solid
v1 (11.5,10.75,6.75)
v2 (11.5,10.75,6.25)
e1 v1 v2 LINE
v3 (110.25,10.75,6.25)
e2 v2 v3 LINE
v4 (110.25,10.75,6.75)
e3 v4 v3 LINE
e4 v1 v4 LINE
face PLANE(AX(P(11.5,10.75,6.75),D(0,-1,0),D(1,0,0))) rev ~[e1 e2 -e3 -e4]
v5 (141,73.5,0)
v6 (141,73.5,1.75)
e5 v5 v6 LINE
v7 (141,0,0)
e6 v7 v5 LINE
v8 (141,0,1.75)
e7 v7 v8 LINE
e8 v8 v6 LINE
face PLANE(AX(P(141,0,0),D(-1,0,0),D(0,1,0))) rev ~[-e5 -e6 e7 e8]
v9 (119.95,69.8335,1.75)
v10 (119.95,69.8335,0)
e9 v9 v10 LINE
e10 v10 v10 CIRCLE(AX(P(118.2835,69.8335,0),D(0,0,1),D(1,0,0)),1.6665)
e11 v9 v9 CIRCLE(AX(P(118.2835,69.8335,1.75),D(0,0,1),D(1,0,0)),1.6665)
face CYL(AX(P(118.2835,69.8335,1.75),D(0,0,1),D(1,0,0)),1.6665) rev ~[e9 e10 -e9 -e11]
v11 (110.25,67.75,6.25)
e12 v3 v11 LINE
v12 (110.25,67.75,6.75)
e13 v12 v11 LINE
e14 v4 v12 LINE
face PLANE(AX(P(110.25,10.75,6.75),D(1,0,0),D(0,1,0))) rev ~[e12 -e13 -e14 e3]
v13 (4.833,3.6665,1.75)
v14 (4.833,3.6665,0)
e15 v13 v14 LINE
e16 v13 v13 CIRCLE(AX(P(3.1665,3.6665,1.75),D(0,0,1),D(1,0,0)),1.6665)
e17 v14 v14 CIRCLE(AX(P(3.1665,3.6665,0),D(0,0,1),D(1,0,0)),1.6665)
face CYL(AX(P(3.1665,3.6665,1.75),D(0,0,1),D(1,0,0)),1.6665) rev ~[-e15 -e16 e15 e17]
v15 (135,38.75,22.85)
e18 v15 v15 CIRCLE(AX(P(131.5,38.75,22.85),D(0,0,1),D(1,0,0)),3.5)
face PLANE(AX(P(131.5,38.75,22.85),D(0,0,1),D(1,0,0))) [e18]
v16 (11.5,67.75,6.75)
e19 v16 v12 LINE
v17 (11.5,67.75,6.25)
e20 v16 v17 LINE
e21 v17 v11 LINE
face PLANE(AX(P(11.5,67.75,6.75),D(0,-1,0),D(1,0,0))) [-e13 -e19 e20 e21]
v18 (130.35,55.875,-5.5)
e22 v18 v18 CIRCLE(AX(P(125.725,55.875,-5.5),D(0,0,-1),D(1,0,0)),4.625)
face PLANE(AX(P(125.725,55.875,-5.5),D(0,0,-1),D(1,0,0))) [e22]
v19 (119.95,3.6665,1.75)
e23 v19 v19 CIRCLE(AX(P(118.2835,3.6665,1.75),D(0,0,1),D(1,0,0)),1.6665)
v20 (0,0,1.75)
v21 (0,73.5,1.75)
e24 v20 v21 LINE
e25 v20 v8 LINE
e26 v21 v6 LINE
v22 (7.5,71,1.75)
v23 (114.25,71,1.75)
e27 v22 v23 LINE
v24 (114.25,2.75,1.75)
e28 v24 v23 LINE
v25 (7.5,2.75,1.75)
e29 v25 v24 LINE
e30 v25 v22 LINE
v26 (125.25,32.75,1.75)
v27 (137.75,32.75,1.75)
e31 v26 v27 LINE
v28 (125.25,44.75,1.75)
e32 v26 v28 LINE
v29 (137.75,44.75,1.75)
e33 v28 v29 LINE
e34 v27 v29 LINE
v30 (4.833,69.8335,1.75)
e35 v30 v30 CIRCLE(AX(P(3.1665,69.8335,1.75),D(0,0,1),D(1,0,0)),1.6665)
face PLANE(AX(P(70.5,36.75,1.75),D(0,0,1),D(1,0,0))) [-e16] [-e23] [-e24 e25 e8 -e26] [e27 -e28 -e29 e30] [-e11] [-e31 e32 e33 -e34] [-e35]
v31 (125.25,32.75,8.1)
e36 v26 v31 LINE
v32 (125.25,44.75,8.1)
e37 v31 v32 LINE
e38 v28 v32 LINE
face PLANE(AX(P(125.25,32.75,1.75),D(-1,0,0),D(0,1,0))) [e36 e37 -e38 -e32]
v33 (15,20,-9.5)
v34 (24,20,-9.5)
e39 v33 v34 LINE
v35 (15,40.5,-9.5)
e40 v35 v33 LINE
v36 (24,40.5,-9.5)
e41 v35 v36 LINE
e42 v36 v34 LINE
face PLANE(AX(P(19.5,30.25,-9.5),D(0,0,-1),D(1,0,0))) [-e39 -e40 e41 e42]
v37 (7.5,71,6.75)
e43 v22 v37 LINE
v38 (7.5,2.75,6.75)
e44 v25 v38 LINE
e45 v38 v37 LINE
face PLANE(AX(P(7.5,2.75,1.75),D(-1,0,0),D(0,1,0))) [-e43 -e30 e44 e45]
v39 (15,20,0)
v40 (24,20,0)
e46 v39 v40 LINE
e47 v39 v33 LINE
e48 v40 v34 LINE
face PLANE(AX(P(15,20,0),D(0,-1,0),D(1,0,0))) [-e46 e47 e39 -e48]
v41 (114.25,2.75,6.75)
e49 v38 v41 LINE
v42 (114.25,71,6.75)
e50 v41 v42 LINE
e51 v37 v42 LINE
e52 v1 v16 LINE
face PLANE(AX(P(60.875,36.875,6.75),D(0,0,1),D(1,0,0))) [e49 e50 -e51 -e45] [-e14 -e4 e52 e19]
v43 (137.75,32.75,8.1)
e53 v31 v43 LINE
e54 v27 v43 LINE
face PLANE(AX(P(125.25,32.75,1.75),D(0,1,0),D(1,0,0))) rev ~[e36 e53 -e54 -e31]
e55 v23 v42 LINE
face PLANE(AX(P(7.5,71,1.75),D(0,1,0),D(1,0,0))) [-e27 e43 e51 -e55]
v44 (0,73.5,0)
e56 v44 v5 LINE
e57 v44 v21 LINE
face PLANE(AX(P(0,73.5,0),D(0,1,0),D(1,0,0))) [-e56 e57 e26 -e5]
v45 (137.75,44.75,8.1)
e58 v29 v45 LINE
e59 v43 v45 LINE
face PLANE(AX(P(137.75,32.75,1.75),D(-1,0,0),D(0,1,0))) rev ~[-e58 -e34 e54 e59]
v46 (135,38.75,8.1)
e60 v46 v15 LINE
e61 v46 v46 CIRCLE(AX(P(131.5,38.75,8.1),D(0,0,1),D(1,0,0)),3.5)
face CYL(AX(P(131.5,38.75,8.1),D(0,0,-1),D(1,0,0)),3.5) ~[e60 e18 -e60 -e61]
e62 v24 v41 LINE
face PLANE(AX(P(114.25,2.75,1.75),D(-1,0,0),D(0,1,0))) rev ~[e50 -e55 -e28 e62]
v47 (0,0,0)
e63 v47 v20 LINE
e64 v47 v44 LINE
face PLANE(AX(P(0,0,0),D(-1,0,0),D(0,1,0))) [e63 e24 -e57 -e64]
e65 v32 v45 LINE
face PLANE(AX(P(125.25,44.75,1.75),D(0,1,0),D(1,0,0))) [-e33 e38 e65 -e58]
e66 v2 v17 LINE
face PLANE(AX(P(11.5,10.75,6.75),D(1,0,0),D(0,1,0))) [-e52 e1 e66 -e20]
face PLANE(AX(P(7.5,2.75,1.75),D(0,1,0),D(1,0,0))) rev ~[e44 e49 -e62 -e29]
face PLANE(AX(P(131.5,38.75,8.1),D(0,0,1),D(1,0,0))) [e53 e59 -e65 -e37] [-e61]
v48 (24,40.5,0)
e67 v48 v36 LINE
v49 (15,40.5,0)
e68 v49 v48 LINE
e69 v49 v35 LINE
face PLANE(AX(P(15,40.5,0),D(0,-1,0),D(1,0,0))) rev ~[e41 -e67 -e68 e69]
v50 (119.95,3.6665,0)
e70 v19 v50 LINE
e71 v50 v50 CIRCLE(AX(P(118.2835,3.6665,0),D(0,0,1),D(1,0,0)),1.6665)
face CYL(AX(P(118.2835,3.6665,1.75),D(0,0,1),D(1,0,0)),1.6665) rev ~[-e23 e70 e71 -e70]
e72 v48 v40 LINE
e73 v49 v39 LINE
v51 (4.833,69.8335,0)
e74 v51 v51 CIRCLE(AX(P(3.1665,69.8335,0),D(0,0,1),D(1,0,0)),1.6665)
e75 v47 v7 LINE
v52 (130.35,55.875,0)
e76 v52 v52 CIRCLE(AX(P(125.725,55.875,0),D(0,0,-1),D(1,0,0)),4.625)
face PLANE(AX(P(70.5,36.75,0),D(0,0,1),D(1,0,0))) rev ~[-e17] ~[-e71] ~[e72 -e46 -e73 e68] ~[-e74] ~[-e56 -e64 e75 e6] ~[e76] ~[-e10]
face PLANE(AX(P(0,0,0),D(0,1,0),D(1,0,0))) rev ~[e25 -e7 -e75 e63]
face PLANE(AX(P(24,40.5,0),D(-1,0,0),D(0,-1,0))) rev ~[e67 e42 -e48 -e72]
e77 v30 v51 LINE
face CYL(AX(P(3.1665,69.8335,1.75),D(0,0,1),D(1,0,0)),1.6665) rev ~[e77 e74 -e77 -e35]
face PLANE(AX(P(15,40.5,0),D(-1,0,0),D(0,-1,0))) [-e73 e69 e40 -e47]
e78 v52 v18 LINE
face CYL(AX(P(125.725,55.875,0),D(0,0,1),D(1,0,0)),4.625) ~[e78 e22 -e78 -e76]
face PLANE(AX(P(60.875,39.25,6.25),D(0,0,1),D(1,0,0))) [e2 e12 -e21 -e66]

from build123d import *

# Parameters (mm, degrees)
SKETCH_W        = 141
SKETCH_H        = 73.5
PAD_DEPTH       = 1.75
SKETCH001_W     = 106.75
SKETCH001_H     = 68.25
PAD001_DEPTH    = 5
SKETCH002_W     = 98.75
SKETCH002_H     = 57
POCKET_DEPTH    = 0.5
SKETCH003_W     = 12.5
SKETCH003_H     = 12
PAD002_DEPTH    = 6.35
SKETCH004_R     = 3.5
PAD003_DEPTH    = 14.75
SKETCH005_R     = 4.625
PAD004_DEPTH    = 5.5
SKETCH006_W     = 9
SKETCH006_H     = 20.5
PAD005_DEPTH    = 9.5
SKETCH007_R     = 1.6665
POCKET001_DEPTH = 11.251


with BuildPart() as part:
    # Sketch → Pad (new body)
    with BuildSketch(Plane.XY):
        with Locations((70.5, 36.75)):
            Rectangle(SKETCH_W, SKETCH_H)
    extrude(amount=PAD_DEPTH)

    # Sketch001 (on Face6 of Pad) → Pad001 (join)
    with BuildSketch(Plane.XY.offset(1.75)):
        with Locations((60.875, 36.875)):
            Rectangle(SKETCH001_W, SKETCH001_H)
    extrude(amount=PAD001_DEPTH)

    # Sketch002 (on Face11 of Pad001) → Pocket (cut)
    with BuildSketch(Plane.XY.offset(6.75)):
        with Locations((60.875, 39.25)):
            Rectangle(SKETCH002_W, SKETCH002_H)
    extrude(amount=-POCKET_DEPTH, mode=Mode.SUBTRACT)

    # Sketch003 (on Face5 of Pocket) → Pad002 (join)
    with BuildSketch(Plane.XY.offset(1.75)):
        with Locations((131.5, 38.75)):
            Rectangle(SKETCH003_W, SKETCH003_H)
    extrude(amount=PAD002_DEPTH)

    # Sketch004 (on Face16 of Pad002) → Pad003 (join)
    with BuildSketch(Plane.XY.offset(8.1)):
        with Locations((131.5, 38.75)):
            Circle(SKETCH004_R)
    extrude(amount=PAD003_DEPTH)

    # Sketch005 (on Face4 of Pad003) → Pad004 (join)
    with BuildSketch(Plane(origin=(0, 0, 0), x_dir=(1, 0, 0), z_dir=(0, 0, -1))):
        with Locations((125.725, -55.875)):
            Circle(SKETCH005_R)
    extrude(amount=PAD004_DEPTH)

    # Sketch006 (on Face4 of Pad004) → Pad005 (join)
    with BuildSketch(Plane(origin=(0, 0, 0), x_dir=(1, 0, 0), z_dir=(0, 0, -1))):
        with Locations((19.5, -30.25)):
            Rectangle(SKETCH006_W, SKETCH006_H)
    extrude(amount=PAD005_DEPTH)

    # Sketch007 (on Face5 of Pad005) → Pocket001 (cut, through all)
    with BuildSketch(Plane.XY.offset(1.75)):
        with Locations((3.1665, 3.6665)):
            Circle(SKETCH007_R)
        with Locations((3.1665, 69.8335)):
            Circle(SKETCH007_R)
        with Locations((118.2835, 3.6665)):
            Circle(SKETCH007_R)
        with Locations((118.2835, 69.8335)):
            Circle(SKETCH007_R)
    extrude(amount=-POCKET001_DEPTH, mode=Mode.SUBTRACT)


solid = part.part
